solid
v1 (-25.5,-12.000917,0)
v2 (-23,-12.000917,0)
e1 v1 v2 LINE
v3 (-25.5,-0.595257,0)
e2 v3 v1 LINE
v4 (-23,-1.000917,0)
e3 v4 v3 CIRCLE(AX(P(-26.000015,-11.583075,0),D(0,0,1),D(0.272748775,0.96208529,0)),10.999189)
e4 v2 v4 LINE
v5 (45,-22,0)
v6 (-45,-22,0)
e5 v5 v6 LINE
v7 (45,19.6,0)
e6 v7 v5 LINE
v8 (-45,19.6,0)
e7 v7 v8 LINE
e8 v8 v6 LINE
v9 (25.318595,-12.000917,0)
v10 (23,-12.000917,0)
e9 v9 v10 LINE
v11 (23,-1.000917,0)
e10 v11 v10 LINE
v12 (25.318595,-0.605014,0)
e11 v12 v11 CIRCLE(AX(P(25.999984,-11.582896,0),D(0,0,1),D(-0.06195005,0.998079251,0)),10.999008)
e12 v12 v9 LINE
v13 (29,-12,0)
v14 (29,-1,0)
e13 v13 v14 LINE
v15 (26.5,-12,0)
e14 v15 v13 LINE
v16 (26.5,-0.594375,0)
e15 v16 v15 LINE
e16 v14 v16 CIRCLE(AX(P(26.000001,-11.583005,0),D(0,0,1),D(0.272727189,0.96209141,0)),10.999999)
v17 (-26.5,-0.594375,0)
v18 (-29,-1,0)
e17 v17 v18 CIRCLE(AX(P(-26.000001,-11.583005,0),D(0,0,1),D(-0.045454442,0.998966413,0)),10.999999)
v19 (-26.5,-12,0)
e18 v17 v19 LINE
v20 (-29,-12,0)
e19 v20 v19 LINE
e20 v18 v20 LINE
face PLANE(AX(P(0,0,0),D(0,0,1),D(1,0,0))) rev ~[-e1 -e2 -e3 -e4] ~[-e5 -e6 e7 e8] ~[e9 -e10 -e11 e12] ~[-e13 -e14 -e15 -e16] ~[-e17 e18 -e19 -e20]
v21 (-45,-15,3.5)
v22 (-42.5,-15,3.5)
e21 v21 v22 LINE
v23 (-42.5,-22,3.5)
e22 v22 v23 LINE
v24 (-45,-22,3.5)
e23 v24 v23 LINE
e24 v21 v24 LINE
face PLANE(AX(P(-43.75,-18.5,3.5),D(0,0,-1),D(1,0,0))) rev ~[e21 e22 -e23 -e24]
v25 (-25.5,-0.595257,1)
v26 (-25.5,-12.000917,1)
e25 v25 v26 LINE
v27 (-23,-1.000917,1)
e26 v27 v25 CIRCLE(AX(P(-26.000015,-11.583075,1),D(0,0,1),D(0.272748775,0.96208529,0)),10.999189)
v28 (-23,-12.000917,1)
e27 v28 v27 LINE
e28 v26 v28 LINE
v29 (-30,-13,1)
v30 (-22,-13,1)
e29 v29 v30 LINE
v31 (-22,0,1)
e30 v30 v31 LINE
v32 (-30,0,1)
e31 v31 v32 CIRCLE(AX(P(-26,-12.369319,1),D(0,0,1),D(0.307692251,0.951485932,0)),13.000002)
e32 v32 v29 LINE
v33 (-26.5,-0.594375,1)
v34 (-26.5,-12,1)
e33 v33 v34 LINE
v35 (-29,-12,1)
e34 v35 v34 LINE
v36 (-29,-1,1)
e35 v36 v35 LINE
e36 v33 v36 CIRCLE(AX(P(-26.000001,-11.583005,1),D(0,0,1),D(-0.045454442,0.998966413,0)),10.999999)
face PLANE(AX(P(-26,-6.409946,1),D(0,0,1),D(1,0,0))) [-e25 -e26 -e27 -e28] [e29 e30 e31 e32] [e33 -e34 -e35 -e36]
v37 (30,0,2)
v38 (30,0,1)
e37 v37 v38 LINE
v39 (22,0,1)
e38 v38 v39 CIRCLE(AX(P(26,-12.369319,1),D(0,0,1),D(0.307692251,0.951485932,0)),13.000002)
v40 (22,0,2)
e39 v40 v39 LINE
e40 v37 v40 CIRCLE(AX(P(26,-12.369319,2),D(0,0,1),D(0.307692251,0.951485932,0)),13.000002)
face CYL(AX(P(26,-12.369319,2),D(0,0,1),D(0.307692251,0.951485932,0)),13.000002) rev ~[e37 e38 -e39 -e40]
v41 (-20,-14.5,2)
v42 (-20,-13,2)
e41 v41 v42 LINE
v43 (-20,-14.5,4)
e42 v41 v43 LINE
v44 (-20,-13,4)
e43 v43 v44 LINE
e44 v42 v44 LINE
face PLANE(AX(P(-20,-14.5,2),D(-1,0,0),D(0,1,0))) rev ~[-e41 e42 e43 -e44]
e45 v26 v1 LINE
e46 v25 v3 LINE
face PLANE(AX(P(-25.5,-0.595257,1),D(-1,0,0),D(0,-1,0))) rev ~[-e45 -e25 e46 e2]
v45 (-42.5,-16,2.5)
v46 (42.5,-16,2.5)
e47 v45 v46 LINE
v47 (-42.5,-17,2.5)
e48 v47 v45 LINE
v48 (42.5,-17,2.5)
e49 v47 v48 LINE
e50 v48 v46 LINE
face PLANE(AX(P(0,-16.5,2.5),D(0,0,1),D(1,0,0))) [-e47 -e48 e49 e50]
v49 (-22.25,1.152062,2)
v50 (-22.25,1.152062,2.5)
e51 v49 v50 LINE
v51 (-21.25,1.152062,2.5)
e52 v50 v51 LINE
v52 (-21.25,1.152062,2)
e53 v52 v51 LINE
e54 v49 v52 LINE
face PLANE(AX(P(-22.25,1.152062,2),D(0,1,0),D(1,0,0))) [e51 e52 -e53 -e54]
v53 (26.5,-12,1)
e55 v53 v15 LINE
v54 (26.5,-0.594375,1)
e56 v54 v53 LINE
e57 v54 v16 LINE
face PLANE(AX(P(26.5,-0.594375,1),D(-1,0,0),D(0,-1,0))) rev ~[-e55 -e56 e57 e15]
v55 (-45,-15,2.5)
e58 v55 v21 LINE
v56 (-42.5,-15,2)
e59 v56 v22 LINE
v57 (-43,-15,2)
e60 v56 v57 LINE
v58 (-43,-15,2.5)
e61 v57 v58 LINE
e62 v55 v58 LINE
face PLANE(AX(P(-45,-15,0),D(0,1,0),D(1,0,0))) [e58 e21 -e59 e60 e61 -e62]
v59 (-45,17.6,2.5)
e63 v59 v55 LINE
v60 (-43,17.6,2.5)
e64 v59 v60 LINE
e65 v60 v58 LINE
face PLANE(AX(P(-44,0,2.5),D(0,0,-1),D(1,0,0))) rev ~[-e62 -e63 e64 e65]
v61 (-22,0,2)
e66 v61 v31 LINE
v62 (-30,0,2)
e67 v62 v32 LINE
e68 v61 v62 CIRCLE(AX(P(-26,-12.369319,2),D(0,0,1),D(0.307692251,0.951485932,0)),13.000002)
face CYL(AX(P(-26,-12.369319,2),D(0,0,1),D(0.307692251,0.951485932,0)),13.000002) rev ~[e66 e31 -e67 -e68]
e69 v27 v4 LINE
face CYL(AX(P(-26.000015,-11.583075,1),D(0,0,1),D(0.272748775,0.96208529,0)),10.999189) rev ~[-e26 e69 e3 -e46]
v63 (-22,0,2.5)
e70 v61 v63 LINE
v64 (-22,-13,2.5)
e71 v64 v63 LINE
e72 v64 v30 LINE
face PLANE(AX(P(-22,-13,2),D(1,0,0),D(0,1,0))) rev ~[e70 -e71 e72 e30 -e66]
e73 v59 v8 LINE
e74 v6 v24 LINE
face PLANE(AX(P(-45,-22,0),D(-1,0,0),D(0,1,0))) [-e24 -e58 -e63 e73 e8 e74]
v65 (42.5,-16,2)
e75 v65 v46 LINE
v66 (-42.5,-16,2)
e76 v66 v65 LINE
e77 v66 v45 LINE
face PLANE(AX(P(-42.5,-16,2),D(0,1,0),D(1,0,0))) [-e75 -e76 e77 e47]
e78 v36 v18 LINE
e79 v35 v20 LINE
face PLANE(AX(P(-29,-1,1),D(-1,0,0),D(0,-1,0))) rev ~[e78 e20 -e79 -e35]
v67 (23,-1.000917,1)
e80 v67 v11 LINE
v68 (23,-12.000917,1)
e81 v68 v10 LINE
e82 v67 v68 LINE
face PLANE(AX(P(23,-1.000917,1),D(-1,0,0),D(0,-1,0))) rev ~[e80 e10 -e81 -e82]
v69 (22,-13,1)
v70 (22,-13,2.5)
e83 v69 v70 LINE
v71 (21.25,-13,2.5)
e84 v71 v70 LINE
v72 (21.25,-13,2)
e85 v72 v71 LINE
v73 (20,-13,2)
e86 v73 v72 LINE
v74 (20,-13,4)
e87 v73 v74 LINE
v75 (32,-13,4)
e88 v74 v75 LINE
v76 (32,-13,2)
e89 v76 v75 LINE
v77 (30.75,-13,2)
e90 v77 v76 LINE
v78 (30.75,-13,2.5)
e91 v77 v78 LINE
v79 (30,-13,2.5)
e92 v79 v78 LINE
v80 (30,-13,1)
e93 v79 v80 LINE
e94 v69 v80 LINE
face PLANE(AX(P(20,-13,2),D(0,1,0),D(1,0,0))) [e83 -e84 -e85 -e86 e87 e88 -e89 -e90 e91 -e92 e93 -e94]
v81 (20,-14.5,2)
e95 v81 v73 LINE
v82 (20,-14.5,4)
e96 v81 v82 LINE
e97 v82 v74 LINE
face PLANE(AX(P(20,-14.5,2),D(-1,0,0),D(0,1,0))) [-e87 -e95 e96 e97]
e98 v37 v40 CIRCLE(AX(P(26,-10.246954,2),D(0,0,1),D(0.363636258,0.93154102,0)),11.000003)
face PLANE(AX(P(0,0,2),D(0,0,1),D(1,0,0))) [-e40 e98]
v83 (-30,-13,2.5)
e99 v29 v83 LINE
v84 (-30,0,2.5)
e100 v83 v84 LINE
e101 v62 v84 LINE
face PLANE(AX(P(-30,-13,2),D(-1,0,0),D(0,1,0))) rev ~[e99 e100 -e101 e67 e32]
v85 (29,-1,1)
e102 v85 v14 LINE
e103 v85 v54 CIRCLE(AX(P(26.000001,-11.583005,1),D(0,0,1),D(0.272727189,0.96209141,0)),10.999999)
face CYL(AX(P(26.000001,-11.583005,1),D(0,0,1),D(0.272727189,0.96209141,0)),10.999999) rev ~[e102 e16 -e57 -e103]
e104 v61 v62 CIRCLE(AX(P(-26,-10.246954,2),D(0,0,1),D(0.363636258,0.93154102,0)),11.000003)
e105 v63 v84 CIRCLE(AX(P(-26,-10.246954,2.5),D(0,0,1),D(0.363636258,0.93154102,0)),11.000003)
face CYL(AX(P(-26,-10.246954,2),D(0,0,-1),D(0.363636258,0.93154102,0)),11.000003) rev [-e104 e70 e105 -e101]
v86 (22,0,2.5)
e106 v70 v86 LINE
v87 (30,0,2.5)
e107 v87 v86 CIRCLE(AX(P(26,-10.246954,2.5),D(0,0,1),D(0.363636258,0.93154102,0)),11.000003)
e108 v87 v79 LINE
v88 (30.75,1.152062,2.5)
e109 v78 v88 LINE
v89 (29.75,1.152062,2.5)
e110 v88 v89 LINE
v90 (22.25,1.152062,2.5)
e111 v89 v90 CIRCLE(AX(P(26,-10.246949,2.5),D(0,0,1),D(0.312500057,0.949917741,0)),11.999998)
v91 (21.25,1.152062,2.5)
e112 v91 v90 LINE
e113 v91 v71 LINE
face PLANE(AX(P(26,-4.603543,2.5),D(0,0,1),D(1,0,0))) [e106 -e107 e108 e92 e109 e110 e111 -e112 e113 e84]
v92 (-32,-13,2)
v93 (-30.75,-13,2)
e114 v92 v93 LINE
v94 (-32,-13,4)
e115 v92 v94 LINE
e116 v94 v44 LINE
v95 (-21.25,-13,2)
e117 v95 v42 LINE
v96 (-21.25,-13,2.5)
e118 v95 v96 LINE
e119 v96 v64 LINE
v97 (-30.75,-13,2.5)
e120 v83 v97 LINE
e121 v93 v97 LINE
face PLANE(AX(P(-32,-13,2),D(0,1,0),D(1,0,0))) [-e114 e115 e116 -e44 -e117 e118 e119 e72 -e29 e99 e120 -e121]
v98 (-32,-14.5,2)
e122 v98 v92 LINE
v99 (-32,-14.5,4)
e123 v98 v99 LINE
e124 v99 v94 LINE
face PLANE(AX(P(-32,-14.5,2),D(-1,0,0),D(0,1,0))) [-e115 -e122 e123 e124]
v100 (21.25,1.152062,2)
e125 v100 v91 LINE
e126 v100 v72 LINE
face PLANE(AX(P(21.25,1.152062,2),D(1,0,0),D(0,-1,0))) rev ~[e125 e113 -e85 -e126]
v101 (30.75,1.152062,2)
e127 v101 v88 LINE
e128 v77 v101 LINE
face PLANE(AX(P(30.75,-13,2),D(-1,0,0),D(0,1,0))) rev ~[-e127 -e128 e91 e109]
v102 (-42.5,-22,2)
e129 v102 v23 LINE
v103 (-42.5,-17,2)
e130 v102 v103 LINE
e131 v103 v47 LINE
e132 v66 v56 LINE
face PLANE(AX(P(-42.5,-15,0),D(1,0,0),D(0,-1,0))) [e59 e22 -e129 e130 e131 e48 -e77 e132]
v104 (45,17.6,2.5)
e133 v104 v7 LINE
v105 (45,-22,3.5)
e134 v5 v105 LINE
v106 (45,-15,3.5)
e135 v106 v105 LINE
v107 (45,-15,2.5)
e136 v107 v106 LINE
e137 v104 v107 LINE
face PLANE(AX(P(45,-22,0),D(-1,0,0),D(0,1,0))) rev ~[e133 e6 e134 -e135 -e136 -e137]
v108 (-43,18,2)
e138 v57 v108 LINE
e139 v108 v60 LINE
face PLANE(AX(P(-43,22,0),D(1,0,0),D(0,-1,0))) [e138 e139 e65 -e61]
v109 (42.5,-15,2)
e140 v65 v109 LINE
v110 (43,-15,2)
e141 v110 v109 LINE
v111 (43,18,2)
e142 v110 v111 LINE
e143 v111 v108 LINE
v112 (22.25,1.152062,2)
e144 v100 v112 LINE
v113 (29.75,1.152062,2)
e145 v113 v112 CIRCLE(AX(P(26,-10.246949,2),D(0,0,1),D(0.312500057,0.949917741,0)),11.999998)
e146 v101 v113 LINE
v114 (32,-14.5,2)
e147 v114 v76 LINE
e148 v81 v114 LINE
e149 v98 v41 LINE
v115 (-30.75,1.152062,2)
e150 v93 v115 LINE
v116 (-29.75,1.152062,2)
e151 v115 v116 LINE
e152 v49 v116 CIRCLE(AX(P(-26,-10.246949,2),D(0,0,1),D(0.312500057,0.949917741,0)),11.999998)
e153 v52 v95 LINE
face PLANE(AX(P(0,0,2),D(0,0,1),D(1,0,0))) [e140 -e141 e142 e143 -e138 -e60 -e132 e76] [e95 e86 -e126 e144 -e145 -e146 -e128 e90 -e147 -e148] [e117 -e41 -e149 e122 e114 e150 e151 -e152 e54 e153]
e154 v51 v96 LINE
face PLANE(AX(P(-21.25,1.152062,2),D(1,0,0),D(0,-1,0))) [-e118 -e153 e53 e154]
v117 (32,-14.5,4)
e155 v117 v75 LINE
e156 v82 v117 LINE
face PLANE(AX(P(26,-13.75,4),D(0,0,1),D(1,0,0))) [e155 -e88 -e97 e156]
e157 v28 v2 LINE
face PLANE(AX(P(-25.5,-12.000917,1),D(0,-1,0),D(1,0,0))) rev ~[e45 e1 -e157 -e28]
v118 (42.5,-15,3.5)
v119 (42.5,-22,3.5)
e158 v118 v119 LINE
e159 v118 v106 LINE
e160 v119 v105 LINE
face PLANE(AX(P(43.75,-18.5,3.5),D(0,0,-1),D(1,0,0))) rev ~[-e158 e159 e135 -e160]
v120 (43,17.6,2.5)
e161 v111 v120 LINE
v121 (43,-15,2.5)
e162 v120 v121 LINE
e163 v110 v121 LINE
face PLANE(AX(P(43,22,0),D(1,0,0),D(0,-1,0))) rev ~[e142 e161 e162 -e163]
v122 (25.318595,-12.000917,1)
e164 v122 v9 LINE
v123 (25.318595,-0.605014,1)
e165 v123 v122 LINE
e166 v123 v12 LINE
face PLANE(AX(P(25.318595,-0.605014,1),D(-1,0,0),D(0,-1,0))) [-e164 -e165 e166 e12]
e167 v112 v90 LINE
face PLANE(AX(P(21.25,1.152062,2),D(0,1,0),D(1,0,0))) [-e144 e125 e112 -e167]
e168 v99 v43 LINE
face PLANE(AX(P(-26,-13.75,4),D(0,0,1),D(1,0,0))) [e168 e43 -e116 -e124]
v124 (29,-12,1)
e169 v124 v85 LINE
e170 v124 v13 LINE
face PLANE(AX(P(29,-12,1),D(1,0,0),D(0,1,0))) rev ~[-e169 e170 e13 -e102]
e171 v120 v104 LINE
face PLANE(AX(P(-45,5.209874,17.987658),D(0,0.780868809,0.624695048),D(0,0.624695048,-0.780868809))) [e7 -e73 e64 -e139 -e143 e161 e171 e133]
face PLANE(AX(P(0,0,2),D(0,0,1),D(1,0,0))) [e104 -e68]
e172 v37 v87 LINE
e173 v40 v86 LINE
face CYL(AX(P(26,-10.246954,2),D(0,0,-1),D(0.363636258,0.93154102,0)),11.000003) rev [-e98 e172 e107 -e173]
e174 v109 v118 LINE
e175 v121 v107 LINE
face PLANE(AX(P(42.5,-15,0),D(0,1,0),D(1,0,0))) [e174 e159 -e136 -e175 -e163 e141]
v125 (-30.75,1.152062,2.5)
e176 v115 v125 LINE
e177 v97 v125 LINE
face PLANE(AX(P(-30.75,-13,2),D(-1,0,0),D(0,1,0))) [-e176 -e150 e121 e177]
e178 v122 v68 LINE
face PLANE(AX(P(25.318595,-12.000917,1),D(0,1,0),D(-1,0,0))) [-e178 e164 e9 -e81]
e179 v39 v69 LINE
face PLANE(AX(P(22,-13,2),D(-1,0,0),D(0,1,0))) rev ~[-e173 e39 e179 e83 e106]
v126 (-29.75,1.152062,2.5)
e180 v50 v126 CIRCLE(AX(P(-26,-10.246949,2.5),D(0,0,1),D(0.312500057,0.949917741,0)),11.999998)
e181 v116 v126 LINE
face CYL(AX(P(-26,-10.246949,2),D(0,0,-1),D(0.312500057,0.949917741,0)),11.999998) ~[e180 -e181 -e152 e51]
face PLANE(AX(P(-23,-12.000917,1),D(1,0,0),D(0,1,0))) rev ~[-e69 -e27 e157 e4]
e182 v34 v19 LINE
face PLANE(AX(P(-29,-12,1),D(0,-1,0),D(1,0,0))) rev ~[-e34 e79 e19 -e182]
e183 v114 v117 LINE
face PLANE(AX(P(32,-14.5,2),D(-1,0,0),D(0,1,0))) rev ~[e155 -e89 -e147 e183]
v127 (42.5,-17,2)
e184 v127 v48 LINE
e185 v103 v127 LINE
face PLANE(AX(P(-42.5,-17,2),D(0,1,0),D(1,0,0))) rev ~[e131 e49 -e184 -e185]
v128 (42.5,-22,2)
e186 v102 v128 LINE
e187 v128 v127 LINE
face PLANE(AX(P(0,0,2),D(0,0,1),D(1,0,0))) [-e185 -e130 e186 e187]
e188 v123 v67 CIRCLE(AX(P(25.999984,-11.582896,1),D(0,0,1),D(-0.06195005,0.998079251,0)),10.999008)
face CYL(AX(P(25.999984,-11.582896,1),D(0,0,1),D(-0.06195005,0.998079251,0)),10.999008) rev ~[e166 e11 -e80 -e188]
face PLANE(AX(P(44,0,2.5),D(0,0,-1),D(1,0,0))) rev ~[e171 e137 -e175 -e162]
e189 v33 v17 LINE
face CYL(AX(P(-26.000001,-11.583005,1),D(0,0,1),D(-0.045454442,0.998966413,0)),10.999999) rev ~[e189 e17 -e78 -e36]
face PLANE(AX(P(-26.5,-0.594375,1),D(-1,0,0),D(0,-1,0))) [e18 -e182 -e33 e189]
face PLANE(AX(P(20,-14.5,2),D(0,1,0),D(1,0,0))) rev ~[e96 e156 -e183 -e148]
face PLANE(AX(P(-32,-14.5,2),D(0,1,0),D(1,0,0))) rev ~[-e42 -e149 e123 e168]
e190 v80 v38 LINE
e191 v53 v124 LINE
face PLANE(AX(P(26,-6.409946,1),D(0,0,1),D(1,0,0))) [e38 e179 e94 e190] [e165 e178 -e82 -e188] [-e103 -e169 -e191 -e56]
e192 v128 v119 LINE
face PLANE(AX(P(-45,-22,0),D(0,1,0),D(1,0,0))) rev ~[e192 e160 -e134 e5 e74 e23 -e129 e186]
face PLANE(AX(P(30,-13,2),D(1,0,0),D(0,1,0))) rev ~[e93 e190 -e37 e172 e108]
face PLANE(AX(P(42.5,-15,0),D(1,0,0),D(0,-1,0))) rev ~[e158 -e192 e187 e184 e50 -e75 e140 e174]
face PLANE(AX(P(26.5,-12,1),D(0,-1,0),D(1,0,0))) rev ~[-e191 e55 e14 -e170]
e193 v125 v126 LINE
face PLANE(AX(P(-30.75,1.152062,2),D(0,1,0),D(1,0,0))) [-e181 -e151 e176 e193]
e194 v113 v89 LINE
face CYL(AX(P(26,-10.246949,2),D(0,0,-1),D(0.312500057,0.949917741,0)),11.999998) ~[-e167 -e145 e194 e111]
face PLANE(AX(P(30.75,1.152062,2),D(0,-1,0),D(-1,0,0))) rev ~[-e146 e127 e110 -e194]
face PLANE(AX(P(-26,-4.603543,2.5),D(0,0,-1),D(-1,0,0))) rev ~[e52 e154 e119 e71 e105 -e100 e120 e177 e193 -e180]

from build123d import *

# Parameters (mm, degrees)
SKETCH_W        = 90
SKETCH_H        = 44
PAD_DEPTH       = 2
POCKET_DEPTH    = 1
POCKET001_DEPTH = 5
SKETCH003_W     = 12
SKETCH003_H     = 1.5
PAD001_DEPTH    = 2
SKETCH004_W     = 2
SKETCH004_H     = 44
PAD002_DEPTH    = 2.5
SKETCH005_W     = 2.5
SKETCH005_H     = 7
PAD003_DEPTH    = 3.5
SKETCH006_W     = 85
SKETCH006_H     = 1
PAD004_DEPTH    = 0.5
PAD005_DEPTH    = 0.5
POCKET002_DEPTH = 90.001


with BuildPart() as part:
    # Sketch → Pad (new body)
    with BuildSketch(Plane.XY):
        Rectangle(SKETCH_W, SKETCH_H)
    extrude(amount=PAD_DEPTH)

    # Sketch001 → Pocket (cut)
    with BuildSketch(Plane.XY.offset(2)):
        with BuildLine():
            Line((-30, 0), (-30, -13))
            Line((-30, -13), (-22, -13))
            Line((-22, -13), (-22, 0))
            ThreePointArc((-22, 0), (-26, 0.630683), (-30, 0))
        make_face()
        with BuildLine():
            Line((22, 0), (22, -13))
            Line((22, -13), (30, -13))
            Line((30, -13), (30, 0))
            ThreePointArc((30, 0), (26, 0.630683), (22, 0))
        make_face()
    extrude(amount=-POCKET_DEPTH, mode=Mode.SUBTRACT)

    # Sketch002 → Pocket001 (cut)
    with BuildSketch(Plane.XY.offset(1)):
        with BuildLine():
            Line((-29, -1), (-29, -12))
            Line((-29, -12), (-26.5, -12))
            Line((-26.5, -0.594375), (-26.5, -12))
            ThreePointArc((-26.5, -0.594375), (-27.761713, -0.724996), (-29, -1))
        make_face()
        with BuildLine():
            Line((-23, -12.000917), (-23, -1.000917))
            ThreePointArc((-23, -1.000917), (-24.238285, -0.72589), (-25.5, -0.595257))
            Line((-25.5, -0.595257), (-25.5, -12.000917))
            Line((-25.5, -12.000917), (-23, -12.000917))
        make_face()
        with BuildLine():
            Line((23, -1.000917), (23, -12.000917))
            Line((25.318595, -12.000917), (23, -12.000917))
            Line((25.318595, -0.605014), (25.318595, -12.000917))
            ThreePointArc((25.318595, -0.605014), (24.148684, -0.740808), (23, -1.000917))
        make_face()
        with BuildLine():
            Line((29, -12), (29, -1))
            ThreePointArc((29, -1), (27.761713, -0.724996), (26.5, -0.594375))
            Line((26.5, -0.594375), (26.5, -12))
            Line((26.5, -12), (29, -12))
        make_face()
    extrude(amount=-POCKET001_DEPTH, mode=Mode.SUBTRACT)

    # Sketch003 → Pad001 (new body)
    with BuildSketch(Plane.XY.offset(2)):
        with Locations((-26, -13.75)):
            Rectangle(SKETCH003_W, SKETCH003_H)
        with Locations((26, -13.75)):
            Rectangle(SKETCH003_W, SKETCH003_H)
    extrude(amount=PAD001_DEPTH)

    # Sketch004 → Pad002 (new body)
    with BuildSketch(Plane(origin=(0, 0, 0), x_dir=(1, 0, 0), z_dir=(0, 0, -1))):
        with Locations((-44, 0)):
            Rectangle(SKETCH004_W, SKETCH004_H)
        with Locations((44, 0)):
            Rectangle(SKETCH004_W, SKETCH004_H)
    extrude(amount=-PAD002_DEPTH)

    # Sketch005 → Pad003 (new body)
    with BuildSketch(Plane(origin=(0, 0, 0), x_dir=(1, 0, 0), z_dir=(0, 0, -1))):
        with Locations((-43.75, 18.5)):
            Rectangle(SKETCH005_W, SKETCH005_H)
        with Locations((43.75, 18.5)):
            Rectangle(SKETCH005_W, SKETCH005_H)
    extrude(amount=-PAD003_DEPTH)

    # Sketch006 → Pad004 (new body)
    with BuildSketch(Plane.XY.offset(2)):
        with Locations((0, -16.5)):
            Rectangle(SKETCH006_W, SKETCH006_H)
    extrude(amount=PAD004_DEPTH)

    # Sketch007 → Pad005 (new body)
    with BuildSketch(Plane.XY.offset(2)):
        with BuildLine():
            Line((-30.75, -13), (-30.75, 1.152062))
            Line((-30.75, 1.152062), (-29.75, 1.152062))
            ThreePointArc((-22.25, 1.152062), (-26, 1.753049), (-29.75, 1.152062))
            Line((-22.25, 1.152062), (-21.25, 1.152062))
            Line((-21.25, 1.152062), (-21.25, -13))
            Line((-21.25, -13), (-22, -13))
            Line((-22, -13), (-22, 0))
            ThreePointArc((-22, 0), (-26, 0.753049), (-30, 0))
            Line((-30, -13), (-30, 0))
            Line((-30, -13), (-30.75, -13))
        make_face()
        with BuildLine():
            Line((21.25, 1.152062), (21.25, -13))
            Line((21.25, -13), (22, -13))
            Line((22, -13), (22, 0))
            ThreePointArc((30, 0), (26, 0.753049), (22, 0))
            Line((30, 0), (30, -13))
            Line((30, -13), (30.75, -13))
            Line((30.75, -13), (30.75, 1.152062))
            Line((30.75, 1.152062), (29.75, 1.152062))
            ThreePointArc((29.75, 1.152062), (26, 1.753049), (22.25, 1.152062))
            Line((21.25, 1.152062), (22.25, 1.152062))
        make_face()
    extrude(amount=PAD005_DEPTH)

    # Sketch008 → Pocket002 (cut, through all)
    with BuildSketch(Plane(origin=(-45, 0, 0), x_dir=(0, -1, 0), z_dir=(-1, 0, 0))):
        Polygon((-25.209874, 17.987658), (-5.209874, 17.987658), (-25.209874, -7.012342), align=None)
    extrude(amount=-POCKET002_DEPTH, mode=Mode.SUBTRACT)


solid = part.part
